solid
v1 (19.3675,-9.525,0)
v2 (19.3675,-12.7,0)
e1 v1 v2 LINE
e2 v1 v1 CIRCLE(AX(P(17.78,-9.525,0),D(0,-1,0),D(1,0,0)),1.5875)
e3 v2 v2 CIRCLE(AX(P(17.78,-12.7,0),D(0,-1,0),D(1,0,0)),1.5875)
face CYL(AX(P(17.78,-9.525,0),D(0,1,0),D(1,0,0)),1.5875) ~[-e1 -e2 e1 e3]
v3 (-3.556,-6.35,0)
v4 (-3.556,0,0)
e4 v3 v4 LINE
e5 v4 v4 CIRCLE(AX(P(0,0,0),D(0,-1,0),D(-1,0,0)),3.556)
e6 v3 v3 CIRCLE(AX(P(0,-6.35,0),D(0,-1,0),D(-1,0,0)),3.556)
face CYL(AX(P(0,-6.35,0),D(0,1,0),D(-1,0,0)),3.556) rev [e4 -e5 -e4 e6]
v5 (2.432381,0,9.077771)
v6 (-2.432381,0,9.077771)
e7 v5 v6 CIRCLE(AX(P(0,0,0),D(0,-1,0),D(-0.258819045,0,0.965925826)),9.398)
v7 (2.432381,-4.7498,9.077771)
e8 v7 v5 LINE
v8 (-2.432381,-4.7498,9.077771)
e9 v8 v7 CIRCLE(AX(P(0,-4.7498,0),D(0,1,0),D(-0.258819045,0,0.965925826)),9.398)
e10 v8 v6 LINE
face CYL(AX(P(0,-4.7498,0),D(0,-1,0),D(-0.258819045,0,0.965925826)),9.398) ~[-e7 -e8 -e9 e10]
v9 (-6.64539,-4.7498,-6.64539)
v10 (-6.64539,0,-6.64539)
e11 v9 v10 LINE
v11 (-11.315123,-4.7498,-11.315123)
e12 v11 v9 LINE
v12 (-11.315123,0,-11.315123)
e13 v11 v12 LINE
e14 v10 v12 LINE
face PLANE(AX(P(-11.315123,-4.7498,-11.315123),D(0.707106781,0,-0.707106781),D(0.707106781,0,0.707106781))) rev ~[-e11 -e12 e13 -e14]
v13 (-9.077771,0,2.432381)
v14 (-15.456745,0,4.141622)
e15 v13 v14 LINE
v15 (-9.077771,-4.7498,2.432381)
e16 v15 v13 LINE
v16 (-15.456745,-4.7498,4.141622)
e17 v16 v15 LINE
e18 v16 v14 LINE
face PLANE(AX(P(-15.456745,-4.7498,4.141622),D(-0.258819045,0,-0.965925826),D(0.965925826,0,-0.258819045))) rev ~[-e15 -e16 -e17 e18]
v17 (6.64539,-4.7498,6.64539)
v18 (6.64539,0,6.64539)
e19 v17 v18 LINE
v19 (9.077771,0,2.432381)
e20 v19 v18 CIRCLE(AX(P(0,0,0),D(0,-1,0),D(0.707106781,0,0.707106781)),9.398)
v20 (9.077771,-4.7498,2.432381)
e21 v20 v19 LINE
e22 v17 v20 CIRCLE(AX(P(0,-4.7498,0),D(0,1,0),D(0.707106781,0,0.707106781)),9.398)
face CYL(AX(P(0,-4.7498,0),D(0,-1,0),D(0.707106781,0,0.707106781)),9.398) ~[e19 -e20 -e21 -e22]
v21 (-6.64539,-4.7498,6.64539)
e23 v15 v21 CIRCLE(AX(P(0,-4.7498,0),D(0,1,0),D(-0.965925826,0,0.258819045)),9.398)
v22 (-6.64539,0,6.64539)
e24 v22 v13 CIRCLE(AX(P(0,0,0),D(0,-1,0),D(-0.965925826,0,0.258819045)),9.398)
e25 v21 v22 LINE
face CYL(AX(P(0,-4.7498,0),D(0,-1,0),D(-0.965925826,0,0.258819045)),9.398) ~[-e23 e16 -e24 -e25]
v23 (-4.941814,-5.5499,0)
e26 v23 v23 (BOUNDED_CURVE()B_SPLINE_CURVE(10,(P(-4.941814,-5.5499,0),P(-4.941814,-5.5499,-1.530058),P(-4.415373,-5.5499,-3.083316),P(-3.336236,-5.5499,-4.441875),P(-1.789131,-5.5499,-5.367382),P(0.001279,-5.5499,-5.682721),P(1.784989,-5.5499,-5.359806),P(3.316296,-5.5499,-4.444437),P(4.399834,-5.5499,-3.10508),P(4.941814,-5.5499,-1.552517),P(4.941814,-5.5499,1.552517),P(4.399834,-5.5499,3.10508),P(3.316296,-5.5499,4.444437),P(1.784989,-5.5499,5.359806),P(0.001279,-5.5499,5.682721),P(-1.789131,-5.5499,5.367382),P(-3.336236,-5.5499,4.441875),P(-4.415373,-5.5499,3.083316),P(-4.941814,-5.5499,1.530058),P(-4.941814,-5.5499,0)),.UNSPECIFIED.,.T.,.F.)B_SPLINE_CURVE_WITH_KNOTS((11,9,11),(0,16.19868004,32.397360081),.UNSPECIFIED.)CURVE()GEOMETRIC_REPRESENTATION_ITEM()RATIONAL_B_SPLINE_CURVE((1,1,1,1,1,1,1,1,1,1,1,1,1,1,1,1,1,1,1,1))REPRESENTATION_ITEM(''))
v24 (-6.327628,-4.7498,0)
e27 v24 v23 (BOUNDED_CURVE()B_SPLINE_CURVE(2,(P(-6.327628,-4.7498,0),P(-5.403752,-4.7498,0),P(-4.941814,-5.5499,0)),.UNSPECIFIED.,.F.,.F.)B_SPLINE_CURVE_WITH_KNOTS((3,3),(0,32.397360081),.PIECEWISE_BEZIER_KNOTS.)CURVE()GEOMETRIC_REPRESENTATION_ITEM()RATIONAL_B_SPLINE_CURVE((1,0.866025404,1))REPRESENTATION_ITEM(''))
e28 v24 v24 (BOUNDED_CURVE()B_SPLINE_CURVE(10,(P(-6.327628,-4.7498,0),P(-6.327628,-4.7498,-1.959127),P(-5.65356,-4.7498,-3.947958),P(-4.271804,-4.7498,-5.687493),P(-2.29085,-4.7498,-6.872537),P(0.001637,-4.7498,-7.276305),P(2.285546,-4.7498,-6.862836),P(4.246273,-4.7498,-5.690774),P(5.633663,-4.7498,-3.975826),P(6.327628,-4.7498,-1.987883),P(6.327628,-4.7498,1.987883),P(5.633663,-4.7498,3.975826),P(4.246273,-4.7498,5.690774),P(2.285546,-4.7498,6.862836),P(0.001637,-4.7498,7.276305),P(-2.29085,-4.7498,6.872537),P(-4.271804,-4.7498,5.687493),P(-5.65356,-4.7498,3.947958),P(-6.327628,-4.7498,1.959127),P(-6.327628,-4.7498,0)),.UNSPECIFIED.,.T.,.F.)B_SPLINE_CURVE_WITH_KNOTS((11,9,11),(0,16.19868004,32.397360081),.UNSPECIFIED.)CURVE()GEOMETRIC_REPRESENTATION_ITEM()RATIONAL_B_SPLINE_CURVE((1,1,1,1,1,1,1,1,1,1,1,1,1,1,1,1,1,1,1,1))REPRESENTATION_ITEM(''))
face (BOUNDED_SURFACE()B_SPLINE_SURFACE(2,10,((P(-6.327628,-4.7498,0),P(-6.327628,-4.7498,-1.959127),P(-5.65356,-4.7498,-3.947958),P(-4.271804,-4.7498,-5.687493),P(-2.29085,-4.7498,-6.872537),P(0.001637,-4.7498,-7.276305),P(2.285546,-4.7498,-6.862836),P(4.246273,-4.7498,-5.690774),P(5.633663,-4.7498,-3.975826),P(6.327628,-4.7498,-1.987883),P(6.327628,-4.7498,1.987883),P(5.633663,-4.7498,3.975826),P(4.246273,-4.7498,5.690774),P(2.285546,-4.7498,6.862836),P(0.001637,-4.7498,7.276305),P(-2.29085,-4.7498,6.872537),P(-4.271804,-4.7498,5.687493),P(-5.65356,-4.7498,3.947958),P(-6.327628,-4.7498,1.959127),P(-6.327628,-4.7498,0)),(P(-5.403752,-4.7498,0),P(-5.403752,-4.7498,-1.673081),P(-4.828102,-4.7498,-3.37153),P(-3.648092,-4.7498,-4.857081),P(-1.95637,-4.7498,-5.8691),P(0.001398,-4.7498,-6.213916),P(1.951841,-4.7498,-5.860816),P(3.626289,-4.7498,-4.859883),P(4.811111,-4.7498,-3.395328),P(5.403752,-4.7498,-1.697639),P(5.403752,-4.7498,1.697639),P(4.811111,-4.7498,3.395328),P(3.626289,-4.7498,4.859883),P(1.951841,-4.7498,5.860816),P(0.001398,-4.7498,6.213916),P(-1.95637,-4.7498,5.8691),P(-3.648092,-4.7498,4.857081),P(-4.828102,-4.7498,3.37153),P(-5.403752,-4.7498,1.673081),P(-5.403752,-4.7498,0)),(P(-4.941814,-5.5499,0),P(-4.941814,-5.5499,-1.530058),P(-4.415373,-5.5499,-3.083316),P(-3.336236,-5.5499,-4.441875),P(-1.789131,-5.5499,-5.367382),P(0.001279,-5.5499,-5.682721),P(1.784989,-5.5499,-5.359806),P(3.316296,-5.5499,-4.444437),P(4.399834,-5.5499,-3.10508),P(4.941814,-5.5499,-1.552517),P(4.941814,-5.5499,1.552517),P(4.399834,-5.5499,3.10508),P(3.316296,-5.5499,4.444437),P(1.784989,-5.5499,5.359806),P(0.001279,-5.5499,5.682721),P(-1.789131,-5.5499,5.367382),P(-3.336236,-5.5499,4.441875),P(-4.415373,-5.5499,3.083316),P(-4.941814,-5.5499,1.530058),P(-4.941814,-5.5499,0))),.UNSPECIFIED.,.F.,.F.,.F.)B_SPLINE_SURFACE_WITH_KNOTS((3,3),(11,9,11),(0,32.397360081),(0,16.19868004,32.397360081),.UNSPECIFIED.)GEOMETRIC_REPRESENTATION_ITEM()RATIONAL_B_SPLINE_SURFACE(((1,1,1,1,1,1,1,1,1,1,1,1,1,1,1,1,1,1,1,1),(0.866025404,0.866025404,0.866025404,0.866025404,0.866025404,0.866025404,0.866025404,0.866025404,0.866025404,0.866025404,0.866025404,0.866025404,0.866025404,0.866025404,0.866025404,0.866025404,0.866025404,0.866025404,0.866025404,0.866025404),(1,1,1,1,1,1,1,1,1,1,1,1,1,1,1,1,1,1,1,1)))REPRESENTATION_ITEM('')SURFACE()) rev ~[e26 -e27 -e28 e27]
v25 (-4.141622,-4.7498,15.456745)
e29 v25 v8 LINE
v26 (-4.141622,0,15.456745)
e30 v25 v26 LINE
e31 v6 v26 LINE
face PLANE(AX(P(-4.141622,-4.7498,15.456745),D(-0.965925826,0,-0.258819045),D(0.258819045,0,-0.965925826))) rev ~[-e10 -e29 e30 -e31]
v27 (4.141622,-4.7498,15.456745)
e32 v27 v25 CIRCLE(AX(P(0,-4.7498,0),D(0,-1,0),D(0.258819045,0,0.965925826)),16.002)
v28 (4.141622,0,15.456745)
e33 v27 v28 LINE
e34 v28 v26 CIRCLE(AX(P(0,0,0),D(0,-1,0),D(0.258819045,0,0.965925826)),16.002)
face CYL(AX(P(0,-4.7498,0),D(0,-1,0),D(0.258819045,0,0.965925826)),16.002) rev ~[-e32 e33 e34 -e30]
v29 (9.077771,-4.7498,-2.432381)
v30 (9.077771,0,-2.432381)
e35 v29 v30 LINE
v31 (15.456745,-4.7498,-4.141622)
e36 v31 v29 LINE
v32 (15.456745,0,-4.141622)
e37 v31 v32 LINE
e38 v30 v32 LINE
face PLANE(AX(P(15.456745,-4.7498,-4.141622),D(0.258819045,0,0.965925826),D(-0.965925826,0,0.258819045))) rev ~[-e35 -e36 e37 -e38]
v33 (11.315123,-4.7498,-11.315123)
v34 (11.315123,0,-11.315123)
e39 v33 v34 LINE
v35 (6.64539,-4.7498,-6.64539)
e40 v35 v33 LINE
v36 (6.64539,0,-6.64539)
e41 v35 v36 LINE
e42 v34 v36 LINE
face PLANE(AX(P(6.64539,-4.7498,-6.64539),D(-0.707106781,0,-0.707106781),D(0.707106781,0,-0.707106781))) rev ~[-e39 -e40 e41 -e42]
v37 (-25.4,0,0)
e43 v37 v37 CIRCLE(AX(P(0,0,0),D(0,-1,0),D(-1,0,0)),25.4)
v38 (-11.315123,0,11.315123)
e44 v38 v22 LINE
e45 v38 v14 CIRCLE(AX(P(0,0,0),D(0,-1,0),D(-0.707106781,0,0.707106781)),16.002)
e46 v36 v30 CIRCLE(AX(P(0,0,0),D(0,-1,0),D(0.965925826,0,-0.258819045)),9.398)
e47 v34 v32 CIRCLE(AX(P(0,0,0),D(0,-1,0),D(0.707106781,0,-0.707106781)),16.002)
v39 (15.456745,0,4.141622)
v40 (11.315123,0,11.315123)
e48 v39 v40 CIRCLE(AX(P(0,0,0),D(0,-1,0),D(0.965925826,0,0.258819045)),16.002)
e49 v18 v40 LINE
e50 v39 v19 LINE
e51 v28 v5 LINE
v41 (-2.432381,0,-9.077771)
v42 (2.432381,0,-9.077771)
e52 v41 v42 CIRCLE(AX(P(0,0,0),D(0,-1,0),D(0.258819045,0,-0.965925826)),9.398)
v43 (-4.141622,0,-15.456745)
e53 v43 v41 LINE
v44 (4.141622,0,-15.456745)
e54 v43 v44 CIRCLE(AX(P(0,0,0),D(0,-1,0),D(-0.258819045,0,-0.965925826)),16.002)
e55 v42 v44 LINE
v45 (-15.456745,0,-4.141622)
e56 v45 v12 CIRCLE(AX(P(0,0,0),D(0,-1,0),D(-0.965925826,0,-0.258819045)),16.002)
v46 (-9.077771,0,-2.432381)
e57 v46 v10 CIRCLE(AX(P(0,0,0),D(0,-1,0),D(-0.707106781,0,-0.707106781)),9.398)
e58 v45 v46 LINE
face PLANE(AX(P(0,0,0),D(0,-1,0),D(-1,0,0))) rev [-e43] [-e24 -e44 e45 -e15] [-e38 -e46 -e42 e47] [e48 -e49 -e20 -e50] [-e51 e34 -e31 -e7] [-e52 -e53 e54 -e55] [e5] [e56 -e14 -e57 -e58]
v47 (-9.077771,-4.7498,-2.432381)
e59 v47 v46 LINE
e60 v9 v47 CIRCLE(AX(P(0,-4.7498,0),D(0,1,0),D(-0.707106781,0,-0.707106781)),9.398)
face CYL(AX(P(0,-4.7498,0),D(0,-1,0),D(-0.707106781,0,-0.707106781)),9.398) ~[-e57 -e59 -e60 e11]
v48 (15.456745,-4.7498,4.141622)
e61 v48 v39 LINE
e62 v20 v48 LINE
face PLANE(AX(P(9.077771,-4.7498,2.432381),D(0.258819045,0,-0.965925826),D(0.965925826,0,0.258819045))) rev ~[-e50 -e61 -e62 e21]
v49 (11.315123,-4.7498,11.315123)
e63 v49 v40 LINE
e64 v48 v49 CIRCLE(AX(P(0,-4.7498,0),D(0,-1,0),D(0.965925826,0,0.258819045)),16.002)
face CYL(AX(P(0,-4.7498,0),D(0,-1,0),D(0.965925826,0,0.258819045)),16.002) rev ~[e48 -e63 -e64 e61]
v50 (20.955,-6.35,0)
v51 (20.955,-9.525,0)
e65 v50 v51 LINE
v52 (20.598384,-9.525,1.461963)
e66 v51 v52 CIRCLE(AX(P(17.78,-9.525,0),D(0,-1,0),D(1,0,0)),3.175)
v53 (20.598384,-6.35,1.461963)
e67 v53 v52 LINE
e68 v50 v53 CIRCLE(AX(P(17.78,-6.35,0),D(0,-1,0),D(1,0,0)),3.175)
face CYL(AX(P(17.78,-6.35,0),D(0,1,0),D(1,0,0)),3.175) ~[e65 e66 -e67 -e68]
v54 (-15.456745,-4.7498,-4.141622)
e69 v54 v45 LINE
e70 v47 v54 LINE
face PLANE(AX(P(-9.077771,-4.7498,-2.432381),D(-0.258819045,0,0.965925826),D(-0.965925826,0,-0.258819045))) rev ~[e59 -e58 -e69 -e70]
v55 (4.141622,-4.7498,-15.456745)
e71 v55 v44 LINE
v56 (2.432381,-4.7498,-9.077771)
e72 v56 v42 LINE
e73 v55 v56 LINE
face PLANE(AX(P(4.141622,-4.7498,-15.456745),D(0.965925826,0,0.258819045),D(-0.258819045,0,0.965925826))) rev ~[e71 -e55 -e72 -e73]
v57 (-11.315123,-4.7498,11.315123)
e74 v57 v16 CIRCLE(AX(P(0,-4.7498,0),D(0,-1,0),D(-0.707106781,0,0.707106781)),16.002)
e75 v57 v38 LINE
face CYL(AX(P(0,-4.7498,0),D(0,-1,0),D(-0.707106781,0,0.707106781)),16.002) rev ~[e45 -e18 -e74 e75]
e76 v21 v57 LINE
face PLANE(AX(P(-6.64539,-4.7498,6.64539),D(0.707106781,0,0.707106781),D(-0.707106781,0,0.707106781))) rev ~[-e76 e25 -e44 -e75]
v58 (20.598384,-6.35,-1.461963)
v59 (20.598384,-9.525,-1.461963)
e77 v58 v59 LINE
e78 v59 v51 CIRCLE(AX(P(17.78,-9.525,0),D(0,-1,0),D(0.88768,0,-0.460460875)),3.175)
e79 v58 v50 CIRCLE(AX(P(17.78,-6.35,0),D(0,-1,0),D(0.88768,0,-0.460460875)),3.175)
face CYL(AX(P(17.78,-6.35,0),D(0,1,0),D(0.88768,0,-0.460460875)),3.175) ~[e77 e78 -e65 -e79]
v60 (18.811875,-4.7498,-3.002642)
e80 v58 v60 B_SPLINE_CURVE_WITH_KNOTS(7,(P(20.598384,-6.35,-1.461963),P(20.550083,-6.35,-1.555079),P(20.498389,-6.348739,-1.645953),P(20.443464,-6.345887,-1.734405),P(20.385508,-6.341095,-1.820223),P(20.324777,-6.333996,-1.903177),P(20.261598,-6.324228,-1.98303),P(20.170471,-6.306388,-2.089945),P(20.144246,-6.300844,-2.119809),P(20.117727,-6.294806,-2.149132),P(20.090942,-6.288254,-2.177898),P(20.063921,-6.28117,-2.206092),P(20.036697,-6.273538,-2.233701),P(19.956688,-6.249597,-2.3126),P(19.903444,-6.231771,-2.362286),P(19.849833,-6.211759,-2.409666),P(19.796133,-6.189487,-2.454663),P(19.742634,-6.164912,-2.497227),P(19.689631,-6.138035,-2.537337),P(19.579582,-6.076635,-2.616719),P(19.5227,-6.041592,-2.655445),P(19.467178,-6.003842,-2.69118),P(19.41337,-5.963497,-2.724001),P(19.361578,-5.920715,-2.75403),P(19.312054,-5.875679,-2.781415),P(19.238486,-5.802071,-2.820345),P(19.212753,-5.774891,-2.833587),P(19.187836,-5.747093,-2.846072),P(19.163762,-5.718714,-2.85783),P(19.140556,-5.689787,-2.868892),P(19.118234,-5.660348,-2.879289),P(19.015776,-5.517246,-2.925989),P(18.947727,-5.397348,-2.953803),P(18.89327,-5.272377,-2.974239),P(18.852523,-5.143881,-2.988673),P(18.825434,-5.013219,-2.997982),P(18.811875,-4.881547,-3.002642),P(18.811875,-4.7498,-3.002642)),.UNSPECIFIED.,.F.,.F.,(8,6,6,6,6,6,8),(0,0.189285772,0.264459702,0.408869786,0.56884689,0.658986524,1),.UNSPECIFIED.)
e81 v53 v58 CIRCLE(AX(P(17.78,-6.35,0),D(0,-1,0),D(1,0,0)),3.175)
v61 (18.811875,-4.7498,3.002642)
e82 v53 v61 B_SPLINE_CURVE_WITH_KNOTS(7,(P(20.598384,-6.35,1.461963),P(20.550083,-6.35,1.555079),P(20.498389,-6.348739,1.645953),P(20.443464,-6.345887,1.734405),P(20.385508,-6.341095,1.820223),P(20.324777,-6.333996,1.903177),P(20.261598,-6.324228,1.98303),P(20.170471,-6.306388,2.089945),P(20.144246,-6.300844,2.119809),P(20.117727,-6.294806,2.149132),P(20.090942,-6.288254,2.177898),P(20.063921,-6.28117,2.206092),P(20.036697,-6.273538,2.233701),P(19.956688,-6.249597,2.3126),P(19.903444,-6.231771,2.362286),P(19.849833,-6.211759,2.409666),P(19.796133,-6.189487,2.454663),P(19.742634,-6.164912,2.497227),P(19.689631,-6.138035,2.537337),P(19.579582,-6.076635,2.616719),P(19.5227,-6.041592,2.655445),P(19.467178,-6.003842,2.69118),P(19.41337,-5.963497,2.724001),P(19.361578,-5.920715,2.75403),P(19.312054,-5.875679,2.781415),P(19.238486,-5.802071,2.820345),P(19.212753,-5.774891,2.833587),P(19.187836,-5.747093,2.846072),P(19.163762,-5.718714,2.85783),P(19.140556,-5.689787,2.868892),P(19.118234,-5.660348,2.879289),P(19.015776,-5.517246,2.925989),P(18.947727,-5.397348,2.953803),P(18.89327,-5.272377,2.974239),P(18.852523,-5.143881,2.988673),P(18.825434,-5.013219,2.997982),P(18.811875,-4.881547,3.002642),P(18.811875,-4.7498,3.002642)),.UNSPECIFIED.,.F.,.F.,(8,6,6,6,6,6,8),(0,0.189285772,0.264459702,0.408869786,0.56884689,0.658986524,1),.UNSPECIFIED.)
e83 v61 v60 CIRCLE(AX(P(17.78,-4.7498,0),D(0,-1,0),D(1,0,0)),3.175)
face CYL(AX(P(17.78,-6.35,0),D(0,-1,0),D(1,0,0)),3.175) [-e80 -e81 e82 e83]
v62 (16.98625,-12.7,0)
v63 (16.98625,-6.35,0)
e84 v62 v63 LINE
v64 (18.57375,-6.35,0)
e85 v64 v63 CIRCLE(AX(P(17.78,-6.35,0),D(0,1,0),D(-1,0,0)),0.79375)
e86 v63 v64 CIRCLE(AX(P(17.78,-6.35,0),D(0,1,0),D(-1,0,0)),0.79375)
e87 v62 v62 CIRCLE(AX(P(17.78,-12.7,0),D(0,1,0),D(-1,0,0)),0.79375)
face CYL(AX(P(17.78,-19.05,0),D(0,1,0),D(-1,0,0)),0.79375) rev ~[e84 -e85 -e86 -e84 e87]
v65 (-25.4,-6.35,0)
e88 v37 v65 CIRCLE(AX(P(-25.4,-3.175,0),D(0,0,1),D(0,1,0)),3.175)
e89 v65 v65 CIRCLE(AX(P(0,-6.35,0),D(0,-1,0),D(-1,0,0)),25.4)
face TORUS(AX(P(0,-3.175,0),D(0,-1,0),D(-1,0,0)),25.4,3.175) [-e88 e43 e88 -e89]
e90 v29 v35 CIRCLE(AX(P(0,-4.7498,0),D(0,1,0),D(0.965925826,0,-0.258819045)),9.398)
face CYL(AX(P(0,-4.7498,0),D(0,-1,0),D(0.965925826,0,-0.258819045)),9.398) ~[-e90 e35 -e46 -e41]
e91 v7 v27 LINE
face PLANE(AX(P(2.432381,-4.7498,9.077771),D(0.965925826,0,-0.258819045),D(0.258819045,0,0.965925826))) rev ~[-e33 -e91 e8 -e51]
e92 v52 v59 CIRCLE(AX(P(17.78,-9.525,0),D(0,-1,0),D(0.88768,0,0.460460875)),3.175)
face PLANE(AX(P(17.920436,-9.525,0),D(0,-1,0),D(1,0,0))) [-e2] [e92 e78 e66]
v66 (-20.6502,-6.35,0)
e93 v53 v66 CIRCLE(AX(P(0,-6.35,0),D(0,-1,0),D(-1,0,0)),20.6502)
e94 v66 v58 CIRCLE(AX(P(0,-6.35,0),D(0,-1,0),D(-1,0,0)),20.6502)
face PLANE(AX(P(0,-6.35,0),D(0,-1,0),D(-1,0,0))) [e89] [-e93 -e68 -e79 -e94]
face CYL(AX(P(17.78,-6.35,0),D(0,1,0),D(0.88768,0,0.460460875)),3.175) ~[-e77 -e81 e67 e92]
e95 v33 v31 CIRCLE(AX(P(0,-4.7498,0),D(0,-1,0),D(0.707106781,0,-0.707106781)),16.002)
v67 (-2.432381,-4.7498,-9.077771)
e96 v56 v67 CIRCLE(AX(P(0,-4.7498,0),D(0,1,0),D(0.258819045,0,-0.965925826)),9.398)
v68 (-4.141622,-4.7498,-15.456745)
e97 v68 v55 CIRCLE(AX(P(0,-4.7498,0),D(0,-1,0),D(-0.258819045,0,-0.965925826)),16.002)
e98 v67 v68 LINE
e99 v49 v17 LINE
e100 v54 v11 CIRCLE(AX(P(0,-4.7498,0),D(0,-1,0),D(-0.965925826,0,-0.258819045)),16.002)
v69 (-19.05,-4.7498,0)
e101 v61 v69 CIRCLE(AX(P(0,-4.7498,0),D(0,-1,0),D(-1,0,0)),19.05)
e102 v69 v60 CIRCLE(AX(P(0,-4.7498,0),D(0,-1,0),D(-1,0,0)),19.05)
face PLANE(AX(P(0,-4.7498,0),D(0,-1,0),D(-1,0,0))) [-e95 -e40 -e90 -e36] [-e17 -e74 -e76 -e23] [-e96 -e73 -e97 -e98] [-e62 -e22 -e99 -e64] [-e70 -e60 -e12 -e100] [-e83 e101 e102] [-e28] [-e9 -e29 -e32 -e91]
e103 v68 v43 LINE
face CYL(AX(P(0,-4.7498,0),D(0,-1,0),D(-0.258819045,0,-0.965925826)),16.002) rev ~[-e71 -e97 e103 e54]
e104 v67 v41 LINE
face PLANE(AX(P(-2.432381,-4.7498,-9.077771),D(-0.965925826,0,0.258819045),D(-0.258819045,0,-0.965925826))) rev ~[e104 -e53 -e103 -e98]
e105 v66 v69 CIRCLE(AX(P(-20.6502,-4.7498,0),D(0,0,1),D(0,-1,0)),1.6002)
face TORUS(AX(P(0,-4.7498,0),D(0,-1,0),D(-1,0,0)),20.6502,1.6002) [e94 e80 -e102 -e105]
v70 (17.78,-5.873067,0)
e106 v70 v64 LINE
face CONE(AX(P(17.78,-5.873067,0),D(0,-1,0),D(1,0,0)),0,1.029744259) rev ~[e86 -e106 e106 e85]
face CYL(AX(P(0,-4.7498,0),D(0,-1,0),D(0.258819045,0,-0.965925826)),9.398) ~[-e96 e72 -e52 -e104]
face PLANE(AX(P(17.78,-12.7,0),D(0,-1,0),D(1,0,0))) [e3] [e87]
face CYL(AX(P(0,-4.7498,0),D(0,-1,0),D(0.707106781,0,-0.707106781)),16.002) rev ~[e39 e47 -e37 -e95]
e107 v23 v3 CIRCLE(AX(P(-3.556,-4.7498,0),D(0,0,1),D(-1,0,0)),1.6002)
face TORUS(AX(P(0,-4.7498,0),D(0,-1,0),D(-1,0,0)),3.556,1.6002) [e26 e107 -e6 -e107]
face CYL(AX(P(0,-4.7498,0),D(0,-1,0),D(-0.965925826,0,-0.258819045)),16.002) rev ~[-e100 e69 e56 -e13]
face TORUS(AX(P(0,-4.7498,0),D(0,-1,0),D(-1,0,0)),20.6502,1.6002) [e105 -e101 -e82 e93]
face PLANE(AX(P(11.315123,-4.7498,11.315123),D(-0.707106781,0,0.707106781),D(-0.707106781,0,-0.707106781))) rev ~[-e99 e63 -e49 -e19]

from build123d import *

# Parameters (mm, degrees)
F2_R      = 1.6002
F4_DEPTH  = 25.4
F5_DEPTH  = 25.4
F6_R      = 3.175
F7_DEPTH  = 5.08
F8_DEPTH  = 3.175
F9_R      = 1.5875
F10_DEPTH = 3.175
F12_D     = 1.5875
F12_DEPTH = 6.35
F12_TIP   = 0.4769331164


with BuildPart() as f1:
    # F0 (on Top) → F1 (revolve)
    with BuildSketch(Plane.XY):
        with BuildLine():
            Line((-3.556, -6.35), (-3.556, 0))
            Line((-3.556, 0), (-25.4, 0))
            ThreePointArc((-25.4, 0), (-28.575, -3.175), (-25.4, -6.35))
            Line((-25.4, -6.35), (-20.6502, -6.35))
            ThreePointArc((-20.6502, -6.35), (-21.7817122713, -3.6182877287), (-19.05, -4.7498))
            Line((-19.05, -4.7498), (-5.1562, -4.7498))
            ThreePointArc((-5.1562, -4.7498), (-4.6875122713, -5.8813122713), (-3.556, -6.35))
        make_face()
        with BuildLine():
            ThreePointArc((-19.05, -4.7498), (-21.7817122713, -3.6182877287), (-20.6502, -6.35))
            ThreePointArc((-20.6502, -6.35), (-19.5186877287, -5.8813122713), (-19.05, -4.7498))
        make_face()
    revolve(axis=Axis((0, -3.1282322016, 0), (0, -1, 0)))

    # F2
    f2_edges = [f1.edges().sort_by_distance(p)[0] for p in [
        (5.1562, -4.7498, 0),
    ]]
    fillet(f2_edges, radius=F2_R)

    # F3 (on face) → F4 (cut)
    with BuildSketch(Plane.XZ.offset(4.7498)):
        with BuildLine():
            ThreePointArc((-2.4323813859, 9.0777709155), (0, 9.398), (2.4323813859, 9.0777709155))
            Line((2.4323813859, 9.0777709155), (4.1416223597, 15.4567450723))
            ThreePointArc((4.1416223597, 15.4567450723), (0, 16.002), (-4.1416223597, 15.4567450723))
            Line((-4.1416223597, 15.4567450723), (-2.4323813859, 9.0777709155))
        make_face()
    extrude(amount=-F4_DEPTH, mode=Mode.SUBTRACT)

    # F3 (on face) → F5 (cut)
    with BuildSketch(Plane.XZ.offset(4.7498)):
        with BuildLine():
            ThreePointArc((-9.0777709155, 2.4323813859), (-8.1389067448, 4.699), (-6.6453895296, 6.6453895296))
            Line((-6.6453895296, 6.6453895296), (-11.3151227125, 11.3151227125))
            ThreePointArc((-11.3151227125, 11.3151227125), (-13.8581385114, 8.001), (-15.4567450723, 4.1416223597))
            Line((-15.4567450723, 4.1416223597), (-9.0777709155, 2.4323813859))
        make_face()
        with BuildLine():
            ThreePointArc((6.6453895296, 6.6453895296), (8.1389067448, 4.699), (9.0777709155, 2.4323813859))
            Line((9.0777709155, 2.4323813859), (15.4567450723, 4.1416223597))
            ThreePointArc((15.4567450723, 4.1416223597), (13.8581385114, 8.001), (11.3151227125, 11.3151227125))
            Line((11.3151227125, 11.3151227125), (6.6453895296, 6.6453895296))
        make_face()
        with BuildLine():
            ThreePointArc((9.0777709155, -2.4323813859), (8.1389067448, -4.699), (6.6453895296, -6.6453895296))
            Line((6.6453895296, -6.6453895296), (11.3151227125, -11.3151227125))
            ThreePointArc((11.3151227125, -11.3151227125), (13.8581385114, -8.001), (15.4567450723, -4.1416223597))
            Line((15.4567450723, -4.1416223597), (9.0777709155, -2.4323813859))
        make_face()
        with BuildLine():
            ThreePointArc((2.4323813859, -9.0777709155), (0, -9.398), (-2.4323813859, -9.0777709155))
            Line((-2.4323813859, -9.0777709155), (-4.1416223597, -15.4567450723))
            ThreePointArc((-4.1416223597, -15.4567450723), (0, -16.002), (4.1416223597, -15.4567450723))
            Line((4.1416223597, -15.4567450723), (2.4323813859, -9.0777709155))
        make_face()
        with BuildLine():
            ThreePointArc((-6.6453895296, -6.6453895296), (-8.1389067448, -4.699), (-9.0777709155, -2.4323813859))
            Line((-9.0777709155, -2.4323813859), (-15.4567450723, -4.1416223597))
            ThreePointArc((-15.4567450723, -4.1416223597), (-13.8581385114, -8.001), (-11.3151227125, -11.3151227125))
            Line((-11.3151227125, -11.3151227125), (-6.6453895296, -6.6453895296))
        make_face()
    extrude(amount=-F5_DEPTH, mode=Mode.SUBTRACT)

    # F6 (on face) → F7 (join)
    with BuildSketch(Plane.XZ.offset(6.35)):
        with Locations((17.78, 0)):
            Circle(F6_R)
    extrude(amount=-F7_DEPTH)

    # F6 (on face) → F8 (join)
    with BuildSketch(Plane.XZ.offset(6.35)):
        with BuildLine():
            ThreePointArc((20.6502, 0), (20.6372419344, 0.7314406207), (20.598384, 1.4619632788))
            ThreePointArc((20.598384, 1.4619632788), (14.605, 0), (20.598384, -1.4619632788))
            ThreePointArc((20.598384, -1.4619632788), (20.6372419344, -0.7314406207), (20.6502, 0))
        make_face()
        with BuildLine():
            ThreePointArc((20.598384, -1.4619632788), (20.8645578451, -0.7524147128), (20.955, 0))
            ThreePointArc((20.955, 0), (20.8645578451, 0.7524147128), (20.598384, 1.4619632788))
            ThreePointArc((20.598384, 1.4619632788), (20.6372419344, 0.7314406207), (20.6502, 0))
            ThreePointArc((20.6502, 0), (20.6372419344, -0.7314406207), (20.598384, -1.4619632788))
        make_face()
    extrude(amount=F8_DEPTH)

    # F9 (on face) → F10 (join)
    with BuildSketch(Plane.XZ.offset(9.525)):
        with Locations((17.78, 0)):
            Circle(F9_R)
    extrude(amount=F10_DEPTH)

    # F12
    with Locations(Plane.XZ.offset(12.7)):
        with Locations((17.78, 0)):
            Hole(F12_D / 2, depth=F12_DEPTH)
            with Locations((0, 0, -(F12_DEPTH + F12_TIP / 2))):  # 118° drill point
                Cone(0, F12_D / 2, F12_TIP, mode=Mode.SUBTRACT)


solid = f1.part
